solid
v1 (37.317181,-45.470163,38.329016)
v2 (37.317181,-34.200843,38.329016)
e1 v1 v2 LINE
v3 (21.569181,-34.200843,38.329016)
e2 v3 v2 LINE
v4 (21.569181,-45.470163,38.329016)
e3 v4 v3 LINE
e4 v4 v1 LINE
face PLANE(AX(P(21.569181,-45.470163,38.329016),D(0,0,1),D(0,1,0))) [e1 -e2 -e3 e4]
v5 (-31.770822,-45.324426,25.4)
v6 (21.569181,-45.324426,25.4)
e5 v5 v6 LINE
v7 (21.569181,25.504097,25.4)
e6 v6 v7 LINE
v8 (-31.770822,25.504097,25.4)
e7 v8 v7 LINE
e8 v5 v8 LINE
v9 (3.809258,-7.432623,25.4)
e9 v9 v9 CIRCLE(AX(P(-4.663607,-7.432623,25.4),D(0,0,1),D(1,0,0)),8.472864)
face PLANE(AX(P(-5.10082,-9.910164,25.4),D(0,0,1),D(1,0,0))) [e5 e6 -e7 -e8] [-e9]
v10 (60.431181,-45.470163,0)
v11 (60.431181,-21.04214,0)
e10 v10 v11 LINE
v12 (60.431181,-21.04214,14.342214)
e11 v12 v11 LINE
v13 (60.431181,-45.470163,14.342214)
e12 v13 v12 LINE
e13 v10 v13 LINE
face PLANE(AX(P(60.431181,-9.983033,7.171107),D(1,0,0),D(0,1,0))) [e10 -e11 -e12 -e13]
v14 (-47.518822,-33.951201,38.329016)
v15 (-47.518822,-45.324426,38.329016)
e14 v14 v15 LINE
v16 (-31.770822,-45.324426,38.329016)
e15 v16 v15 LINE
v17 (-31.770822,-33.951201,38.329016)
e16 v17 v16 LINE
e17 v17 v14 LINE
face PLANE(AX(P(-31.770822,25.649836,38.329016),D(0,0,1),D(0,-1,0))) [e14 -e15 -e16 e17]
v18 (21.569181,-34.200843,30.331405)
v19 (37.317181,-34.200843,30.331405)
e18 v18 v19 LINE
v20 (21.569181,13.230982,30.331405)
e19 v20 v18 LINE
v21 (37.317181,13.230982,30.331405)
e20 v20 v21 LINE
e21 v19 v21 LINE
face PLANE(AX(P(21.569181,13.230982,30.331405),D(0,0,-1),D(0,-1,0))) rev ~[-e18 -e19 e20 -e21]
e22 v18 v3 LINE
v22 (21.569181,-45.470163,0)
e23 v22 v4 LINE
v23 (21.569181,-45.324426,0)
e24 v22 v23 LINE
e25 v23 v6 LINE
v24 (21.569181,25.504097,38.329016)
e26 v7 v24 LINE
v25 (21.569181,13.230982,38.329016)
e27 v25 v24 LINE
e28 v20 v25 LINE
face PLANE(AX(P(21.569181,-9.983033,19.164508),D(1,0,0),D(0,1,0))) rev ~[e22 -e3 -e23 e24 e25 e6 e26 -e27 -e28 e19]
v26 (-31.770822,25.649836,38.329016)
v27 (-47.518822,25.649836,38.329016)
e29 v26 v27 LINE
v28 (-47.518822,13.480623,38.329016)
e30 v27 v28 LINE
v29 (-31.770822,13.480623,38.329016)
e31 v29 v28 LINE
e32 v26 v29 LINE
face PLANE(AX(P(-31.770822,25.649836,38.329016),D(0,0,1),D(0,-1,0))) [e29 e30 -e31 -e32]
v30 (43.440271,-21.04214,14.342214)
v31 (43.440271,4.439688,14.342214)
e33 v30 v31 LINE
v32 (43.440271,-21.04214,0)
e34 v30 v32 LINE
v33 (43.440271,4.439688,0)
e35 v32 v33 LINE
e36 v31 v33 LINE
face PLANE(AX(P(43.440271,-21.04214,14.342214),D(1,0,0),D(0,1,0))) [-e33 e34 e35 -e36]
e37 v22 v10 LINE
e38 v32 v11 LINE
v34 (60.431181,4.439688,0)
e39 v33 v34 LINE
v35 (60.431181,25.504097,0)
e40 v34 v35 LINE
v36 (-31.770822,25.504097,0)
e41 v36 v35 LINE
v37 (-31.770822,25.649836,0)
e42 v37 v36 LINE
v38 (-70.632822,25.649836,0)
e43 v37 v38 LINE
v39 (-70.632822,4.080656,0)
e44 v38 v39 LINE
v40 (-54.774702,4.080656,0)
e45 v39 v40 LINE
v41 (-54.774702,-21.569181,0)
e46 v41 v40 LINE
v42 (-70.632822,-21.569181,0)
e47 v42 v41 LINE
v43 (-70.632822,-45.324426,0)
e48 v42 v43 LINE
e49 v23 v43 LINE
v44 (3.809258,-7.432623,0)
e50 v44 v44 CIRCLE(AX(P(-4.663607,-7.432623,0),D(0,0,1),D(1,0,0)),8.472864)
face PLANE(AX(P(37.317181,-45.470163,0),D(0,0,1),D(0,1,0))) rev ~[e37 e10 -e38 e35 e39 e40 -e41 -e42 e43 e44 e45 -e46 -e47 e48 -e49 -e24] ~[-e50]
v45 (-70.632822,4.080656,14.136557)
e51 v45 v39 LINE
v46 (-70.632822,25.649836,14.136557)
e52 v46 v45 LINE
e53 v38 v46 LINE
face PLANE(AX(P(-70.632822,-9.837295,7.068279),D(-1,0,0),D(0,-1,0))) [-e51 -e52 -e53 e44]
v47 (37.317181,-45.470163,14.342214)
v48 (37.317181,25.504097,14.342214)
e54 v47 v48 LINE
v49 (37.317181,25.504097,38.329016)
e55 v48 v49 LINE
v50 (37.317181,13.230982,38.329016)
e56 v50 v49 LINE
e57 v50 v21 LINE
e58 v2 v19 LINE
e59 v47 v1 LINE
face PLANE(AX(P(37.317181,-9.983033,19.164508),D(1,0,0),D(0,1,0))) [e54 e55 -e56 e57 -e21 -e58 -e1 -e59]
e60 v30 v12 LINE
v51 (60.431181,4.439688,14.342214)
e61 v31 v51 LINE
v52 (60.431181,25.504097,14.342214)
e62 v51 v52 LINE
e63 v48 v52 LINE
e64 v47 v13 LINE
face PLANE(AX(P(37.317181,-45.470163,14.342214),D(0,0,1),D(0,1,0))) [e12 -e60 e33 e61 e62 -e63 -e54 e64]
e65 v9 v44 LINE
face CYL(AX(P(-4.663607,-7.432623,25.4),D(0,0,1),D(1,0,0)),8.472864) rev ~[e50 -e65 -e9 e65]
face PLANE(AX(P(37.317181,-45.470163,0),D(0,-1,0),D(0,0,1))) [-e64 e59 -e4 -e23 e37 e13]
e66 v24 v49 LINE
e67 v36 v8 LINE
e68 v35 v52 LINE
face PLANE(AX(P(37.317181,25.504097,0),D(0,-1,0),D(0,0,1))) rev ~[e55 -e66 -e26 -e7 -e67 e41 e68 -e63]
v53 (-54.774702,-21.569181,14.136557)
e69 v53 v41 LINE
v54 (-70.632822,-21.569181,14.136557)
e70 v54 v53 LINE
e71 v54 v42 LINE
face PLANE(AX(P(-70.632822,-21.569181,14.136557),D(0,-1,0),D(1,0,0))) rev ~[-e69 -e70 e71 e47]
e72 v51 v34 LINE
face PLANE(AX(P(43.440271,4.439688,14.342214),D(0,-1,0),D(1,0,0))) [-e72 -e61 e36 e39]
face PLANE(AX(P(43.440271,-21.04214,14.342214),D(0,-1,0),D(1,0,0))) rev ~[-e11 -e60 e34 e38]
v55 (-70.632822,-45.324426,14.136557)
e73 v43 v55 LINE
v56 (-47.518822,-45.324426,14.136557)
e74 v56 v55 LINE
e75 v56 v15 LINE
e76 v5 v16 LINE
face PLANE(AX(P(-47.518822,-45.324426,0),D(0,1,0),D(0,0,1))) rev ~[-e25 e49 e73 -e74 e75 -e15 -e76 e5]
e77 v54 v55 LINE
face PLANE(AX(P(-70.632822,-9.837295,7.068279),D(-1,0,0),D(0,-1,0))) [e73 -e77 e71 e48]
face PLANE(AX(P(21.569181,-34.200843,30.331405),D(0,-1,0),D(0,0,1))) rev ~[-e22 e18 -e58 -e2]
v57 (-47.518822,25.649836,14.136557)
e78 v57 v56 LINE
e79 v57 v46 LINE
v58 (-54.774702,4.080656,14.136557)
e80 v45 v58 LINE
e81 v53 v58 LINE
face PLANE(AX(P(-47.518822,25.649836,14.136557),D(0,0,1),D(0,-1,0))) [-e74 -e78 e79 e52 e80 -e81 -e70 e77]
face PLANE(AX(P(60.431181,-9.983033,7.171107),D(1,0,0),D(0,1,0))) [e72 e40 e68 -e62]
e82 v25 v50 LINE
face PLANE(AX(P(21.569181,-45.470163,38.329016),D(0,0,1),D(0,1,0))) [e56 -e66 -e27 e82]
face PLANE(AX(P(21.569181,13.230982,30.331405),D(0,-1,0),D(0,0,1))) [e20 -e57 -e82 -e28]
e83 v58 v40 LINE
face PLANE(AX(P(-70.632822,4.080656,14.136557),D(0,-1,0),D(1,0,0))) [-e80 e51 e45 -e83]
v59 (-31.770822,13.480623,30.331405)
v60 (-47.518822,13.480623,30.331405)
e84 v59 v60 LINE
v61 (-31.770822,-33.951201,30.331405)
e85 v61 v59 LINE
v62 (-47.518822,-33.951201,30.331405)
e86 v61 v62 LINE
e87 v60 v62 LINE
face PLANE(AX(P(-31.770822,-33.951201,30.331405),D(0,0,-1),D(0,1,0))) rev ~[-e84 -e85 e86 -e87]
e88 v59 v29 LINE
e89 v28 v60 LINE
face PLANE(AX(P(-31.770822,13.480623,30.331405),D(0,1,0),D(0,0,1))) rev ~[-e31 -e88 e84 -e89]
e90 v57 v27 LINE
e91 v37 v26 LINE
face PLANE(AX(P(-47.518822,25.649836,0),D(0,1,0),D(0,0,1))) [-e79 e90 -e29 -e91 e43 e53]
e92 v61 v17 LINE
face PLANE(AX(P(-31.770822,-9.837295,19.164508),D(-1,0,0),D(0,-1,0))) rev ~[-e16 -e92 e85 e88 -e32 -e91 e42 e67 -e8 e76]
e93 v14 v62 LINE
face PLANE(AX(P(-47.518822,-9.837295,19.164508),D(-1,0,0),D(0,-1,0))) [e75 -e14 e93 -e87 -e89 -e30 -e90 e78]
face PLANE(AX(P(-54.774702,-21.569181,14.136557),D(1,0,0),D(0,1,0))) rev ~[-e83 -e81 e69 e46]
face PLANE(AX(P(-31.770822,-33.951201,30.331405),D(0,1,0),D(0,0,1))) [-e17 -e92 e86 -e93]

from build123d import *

# Parameters (mm, degrees)
F0_W      = 53.3400028944
F0_H      = 70.8285234869
F1_DEPTH  = 25.4
F2_R      = 8.4728642263
F3_DEPTH  = 41.402
F4_W      = 70.9742624313
F4_H      = 38.3290164173
F5_DEPTH  = 15.748
F6_W      = 70.9742605686
F6_H      = 38.3290164173
F7_DEPTH  = 15.748
F8_W      = 70.9742624313
F8_H      = 14.1365574673
F9_DEPTH  = 23.114
F10_W     = 70.9742605686
F10_H     = 14.3422139809
F11_DEPTH = 23.114
F12_W     = 16.9909100647
F12_H     = 25.4818284884
F13_DEPTH = 25.4
F14_W     = 15.8581200655
F14_H     = 25.6498372182
F15_DEPTH = 25.4
F16_W     = 47.4318256602
F16_H     = 7.9976115376
F17_DEPTH = 25.4
F18_W     = 47.4318237975
F18_H     = 7.9976115376
F19_DEPTH = 25.4


with BuildPart() as f1:
    # F0 (on Top) → F1 (new body)
    with BuildSketch(Plane.XY):
        with Locations((-5.1008202136, -9.9101644009)):
            Rectangle(F0_W, F0_H)
    extrude(amount=F1_DEPTH)

    # F2 (on face) → F3 (cut)
    with BuildSketch(Plane.XY.offset(25.4)):
        with Locations((-4.66360664, -7.4326233007)):
            Circle(F2_R)
    extrude(amount=-F3_DEPTH, mode=Mode.SUBTRACT)

    # F4 (on face) → F5 (join)
    with BuildSketch(Plane(origin=(-31.7708216608, 0, 0), x_dir=(0, -1, 0), z_dir=(-1, 0, 0))):
        with Locations((9.8372949287, 19.1645082086)):
            Rectangle(F4_W, F4_H)
    extrude(amount=F5_DEPTH)

    # F6 (on face) → F7 (join)
    with BuildSketch(Plane.YZ.offset(21.5691812336)):
        with Locations((-9.9830329418, 19.1645082086)):
            Rectangle(F6_W, F6_H)
    extrude(amount=F7_DEPTH)

    # F8 (on face) → F9 (join)
    with BuildSketch(Plane(origin=(-47.5188216608, 0, 0), x_dir=(0, -1, 0), z_dir=(-1, 0, 0))):
        with Locations((9.8372949287, 7.0682787336)):
            Rectangle(F8_W, F8_H)
    extrude(amount=F9_DEPTH)

    # F10 (on face) → F11 (join)
    with BuildSketch(Plane.YZ.offset(37.3171812336)):
        with Locations((-9.9830329418, 7.1711069904)):
            Rectangle(F10_W, F10_H)
    extrude(amount=F11_DEPTH)

    # F12 (on face) → F13 (cut)
    with BuildSketch(Plane.XY.offset(14.3422139809)):
        with Locations((51.9357262013, -8.3012259565)):
            Rectangle(F12_W, F12_H)
    extrude(amount=-F13_DEPTH, mode=Mode.SUBTRACT)

    # F14 (on face) → F15 (cut)
    with BuildSketch(Plane.XY.offset(14.1365574673)):
        with Locations((-62.703761628, -8.7442626245)):
            Rectangle(F14_W, F14_H)
    extrude(amount=-F15_DEPTH, mode=Mode.SUBTRACT)

    # F16 (on face) → F17 (cut)
    with BuildSketch(Plane(origin=(21.5691812336, 0, 0), x_dir=(0, -1, 0), z_dir=(-1, 0, 0))):
        with Locations((10.4849305935, 34.3302106485)):
            Rectangle(F16_W, F16_H)
    extrude(amount=-F17_DEPTH, mode=Mode.SUBTRACT)

    # F18 (on face) → F19 (cut)
    with BuildSketch(Plane.YZ.offset(-31.7708216608)):
        with Locations((-10.2352886461, 34.3302106485)):
            Rectangle(F18_W, F18_H)
    extrude(amount=-F19_DEPTH, mode=Mode.SUBTRACT)


solid = f1.part
